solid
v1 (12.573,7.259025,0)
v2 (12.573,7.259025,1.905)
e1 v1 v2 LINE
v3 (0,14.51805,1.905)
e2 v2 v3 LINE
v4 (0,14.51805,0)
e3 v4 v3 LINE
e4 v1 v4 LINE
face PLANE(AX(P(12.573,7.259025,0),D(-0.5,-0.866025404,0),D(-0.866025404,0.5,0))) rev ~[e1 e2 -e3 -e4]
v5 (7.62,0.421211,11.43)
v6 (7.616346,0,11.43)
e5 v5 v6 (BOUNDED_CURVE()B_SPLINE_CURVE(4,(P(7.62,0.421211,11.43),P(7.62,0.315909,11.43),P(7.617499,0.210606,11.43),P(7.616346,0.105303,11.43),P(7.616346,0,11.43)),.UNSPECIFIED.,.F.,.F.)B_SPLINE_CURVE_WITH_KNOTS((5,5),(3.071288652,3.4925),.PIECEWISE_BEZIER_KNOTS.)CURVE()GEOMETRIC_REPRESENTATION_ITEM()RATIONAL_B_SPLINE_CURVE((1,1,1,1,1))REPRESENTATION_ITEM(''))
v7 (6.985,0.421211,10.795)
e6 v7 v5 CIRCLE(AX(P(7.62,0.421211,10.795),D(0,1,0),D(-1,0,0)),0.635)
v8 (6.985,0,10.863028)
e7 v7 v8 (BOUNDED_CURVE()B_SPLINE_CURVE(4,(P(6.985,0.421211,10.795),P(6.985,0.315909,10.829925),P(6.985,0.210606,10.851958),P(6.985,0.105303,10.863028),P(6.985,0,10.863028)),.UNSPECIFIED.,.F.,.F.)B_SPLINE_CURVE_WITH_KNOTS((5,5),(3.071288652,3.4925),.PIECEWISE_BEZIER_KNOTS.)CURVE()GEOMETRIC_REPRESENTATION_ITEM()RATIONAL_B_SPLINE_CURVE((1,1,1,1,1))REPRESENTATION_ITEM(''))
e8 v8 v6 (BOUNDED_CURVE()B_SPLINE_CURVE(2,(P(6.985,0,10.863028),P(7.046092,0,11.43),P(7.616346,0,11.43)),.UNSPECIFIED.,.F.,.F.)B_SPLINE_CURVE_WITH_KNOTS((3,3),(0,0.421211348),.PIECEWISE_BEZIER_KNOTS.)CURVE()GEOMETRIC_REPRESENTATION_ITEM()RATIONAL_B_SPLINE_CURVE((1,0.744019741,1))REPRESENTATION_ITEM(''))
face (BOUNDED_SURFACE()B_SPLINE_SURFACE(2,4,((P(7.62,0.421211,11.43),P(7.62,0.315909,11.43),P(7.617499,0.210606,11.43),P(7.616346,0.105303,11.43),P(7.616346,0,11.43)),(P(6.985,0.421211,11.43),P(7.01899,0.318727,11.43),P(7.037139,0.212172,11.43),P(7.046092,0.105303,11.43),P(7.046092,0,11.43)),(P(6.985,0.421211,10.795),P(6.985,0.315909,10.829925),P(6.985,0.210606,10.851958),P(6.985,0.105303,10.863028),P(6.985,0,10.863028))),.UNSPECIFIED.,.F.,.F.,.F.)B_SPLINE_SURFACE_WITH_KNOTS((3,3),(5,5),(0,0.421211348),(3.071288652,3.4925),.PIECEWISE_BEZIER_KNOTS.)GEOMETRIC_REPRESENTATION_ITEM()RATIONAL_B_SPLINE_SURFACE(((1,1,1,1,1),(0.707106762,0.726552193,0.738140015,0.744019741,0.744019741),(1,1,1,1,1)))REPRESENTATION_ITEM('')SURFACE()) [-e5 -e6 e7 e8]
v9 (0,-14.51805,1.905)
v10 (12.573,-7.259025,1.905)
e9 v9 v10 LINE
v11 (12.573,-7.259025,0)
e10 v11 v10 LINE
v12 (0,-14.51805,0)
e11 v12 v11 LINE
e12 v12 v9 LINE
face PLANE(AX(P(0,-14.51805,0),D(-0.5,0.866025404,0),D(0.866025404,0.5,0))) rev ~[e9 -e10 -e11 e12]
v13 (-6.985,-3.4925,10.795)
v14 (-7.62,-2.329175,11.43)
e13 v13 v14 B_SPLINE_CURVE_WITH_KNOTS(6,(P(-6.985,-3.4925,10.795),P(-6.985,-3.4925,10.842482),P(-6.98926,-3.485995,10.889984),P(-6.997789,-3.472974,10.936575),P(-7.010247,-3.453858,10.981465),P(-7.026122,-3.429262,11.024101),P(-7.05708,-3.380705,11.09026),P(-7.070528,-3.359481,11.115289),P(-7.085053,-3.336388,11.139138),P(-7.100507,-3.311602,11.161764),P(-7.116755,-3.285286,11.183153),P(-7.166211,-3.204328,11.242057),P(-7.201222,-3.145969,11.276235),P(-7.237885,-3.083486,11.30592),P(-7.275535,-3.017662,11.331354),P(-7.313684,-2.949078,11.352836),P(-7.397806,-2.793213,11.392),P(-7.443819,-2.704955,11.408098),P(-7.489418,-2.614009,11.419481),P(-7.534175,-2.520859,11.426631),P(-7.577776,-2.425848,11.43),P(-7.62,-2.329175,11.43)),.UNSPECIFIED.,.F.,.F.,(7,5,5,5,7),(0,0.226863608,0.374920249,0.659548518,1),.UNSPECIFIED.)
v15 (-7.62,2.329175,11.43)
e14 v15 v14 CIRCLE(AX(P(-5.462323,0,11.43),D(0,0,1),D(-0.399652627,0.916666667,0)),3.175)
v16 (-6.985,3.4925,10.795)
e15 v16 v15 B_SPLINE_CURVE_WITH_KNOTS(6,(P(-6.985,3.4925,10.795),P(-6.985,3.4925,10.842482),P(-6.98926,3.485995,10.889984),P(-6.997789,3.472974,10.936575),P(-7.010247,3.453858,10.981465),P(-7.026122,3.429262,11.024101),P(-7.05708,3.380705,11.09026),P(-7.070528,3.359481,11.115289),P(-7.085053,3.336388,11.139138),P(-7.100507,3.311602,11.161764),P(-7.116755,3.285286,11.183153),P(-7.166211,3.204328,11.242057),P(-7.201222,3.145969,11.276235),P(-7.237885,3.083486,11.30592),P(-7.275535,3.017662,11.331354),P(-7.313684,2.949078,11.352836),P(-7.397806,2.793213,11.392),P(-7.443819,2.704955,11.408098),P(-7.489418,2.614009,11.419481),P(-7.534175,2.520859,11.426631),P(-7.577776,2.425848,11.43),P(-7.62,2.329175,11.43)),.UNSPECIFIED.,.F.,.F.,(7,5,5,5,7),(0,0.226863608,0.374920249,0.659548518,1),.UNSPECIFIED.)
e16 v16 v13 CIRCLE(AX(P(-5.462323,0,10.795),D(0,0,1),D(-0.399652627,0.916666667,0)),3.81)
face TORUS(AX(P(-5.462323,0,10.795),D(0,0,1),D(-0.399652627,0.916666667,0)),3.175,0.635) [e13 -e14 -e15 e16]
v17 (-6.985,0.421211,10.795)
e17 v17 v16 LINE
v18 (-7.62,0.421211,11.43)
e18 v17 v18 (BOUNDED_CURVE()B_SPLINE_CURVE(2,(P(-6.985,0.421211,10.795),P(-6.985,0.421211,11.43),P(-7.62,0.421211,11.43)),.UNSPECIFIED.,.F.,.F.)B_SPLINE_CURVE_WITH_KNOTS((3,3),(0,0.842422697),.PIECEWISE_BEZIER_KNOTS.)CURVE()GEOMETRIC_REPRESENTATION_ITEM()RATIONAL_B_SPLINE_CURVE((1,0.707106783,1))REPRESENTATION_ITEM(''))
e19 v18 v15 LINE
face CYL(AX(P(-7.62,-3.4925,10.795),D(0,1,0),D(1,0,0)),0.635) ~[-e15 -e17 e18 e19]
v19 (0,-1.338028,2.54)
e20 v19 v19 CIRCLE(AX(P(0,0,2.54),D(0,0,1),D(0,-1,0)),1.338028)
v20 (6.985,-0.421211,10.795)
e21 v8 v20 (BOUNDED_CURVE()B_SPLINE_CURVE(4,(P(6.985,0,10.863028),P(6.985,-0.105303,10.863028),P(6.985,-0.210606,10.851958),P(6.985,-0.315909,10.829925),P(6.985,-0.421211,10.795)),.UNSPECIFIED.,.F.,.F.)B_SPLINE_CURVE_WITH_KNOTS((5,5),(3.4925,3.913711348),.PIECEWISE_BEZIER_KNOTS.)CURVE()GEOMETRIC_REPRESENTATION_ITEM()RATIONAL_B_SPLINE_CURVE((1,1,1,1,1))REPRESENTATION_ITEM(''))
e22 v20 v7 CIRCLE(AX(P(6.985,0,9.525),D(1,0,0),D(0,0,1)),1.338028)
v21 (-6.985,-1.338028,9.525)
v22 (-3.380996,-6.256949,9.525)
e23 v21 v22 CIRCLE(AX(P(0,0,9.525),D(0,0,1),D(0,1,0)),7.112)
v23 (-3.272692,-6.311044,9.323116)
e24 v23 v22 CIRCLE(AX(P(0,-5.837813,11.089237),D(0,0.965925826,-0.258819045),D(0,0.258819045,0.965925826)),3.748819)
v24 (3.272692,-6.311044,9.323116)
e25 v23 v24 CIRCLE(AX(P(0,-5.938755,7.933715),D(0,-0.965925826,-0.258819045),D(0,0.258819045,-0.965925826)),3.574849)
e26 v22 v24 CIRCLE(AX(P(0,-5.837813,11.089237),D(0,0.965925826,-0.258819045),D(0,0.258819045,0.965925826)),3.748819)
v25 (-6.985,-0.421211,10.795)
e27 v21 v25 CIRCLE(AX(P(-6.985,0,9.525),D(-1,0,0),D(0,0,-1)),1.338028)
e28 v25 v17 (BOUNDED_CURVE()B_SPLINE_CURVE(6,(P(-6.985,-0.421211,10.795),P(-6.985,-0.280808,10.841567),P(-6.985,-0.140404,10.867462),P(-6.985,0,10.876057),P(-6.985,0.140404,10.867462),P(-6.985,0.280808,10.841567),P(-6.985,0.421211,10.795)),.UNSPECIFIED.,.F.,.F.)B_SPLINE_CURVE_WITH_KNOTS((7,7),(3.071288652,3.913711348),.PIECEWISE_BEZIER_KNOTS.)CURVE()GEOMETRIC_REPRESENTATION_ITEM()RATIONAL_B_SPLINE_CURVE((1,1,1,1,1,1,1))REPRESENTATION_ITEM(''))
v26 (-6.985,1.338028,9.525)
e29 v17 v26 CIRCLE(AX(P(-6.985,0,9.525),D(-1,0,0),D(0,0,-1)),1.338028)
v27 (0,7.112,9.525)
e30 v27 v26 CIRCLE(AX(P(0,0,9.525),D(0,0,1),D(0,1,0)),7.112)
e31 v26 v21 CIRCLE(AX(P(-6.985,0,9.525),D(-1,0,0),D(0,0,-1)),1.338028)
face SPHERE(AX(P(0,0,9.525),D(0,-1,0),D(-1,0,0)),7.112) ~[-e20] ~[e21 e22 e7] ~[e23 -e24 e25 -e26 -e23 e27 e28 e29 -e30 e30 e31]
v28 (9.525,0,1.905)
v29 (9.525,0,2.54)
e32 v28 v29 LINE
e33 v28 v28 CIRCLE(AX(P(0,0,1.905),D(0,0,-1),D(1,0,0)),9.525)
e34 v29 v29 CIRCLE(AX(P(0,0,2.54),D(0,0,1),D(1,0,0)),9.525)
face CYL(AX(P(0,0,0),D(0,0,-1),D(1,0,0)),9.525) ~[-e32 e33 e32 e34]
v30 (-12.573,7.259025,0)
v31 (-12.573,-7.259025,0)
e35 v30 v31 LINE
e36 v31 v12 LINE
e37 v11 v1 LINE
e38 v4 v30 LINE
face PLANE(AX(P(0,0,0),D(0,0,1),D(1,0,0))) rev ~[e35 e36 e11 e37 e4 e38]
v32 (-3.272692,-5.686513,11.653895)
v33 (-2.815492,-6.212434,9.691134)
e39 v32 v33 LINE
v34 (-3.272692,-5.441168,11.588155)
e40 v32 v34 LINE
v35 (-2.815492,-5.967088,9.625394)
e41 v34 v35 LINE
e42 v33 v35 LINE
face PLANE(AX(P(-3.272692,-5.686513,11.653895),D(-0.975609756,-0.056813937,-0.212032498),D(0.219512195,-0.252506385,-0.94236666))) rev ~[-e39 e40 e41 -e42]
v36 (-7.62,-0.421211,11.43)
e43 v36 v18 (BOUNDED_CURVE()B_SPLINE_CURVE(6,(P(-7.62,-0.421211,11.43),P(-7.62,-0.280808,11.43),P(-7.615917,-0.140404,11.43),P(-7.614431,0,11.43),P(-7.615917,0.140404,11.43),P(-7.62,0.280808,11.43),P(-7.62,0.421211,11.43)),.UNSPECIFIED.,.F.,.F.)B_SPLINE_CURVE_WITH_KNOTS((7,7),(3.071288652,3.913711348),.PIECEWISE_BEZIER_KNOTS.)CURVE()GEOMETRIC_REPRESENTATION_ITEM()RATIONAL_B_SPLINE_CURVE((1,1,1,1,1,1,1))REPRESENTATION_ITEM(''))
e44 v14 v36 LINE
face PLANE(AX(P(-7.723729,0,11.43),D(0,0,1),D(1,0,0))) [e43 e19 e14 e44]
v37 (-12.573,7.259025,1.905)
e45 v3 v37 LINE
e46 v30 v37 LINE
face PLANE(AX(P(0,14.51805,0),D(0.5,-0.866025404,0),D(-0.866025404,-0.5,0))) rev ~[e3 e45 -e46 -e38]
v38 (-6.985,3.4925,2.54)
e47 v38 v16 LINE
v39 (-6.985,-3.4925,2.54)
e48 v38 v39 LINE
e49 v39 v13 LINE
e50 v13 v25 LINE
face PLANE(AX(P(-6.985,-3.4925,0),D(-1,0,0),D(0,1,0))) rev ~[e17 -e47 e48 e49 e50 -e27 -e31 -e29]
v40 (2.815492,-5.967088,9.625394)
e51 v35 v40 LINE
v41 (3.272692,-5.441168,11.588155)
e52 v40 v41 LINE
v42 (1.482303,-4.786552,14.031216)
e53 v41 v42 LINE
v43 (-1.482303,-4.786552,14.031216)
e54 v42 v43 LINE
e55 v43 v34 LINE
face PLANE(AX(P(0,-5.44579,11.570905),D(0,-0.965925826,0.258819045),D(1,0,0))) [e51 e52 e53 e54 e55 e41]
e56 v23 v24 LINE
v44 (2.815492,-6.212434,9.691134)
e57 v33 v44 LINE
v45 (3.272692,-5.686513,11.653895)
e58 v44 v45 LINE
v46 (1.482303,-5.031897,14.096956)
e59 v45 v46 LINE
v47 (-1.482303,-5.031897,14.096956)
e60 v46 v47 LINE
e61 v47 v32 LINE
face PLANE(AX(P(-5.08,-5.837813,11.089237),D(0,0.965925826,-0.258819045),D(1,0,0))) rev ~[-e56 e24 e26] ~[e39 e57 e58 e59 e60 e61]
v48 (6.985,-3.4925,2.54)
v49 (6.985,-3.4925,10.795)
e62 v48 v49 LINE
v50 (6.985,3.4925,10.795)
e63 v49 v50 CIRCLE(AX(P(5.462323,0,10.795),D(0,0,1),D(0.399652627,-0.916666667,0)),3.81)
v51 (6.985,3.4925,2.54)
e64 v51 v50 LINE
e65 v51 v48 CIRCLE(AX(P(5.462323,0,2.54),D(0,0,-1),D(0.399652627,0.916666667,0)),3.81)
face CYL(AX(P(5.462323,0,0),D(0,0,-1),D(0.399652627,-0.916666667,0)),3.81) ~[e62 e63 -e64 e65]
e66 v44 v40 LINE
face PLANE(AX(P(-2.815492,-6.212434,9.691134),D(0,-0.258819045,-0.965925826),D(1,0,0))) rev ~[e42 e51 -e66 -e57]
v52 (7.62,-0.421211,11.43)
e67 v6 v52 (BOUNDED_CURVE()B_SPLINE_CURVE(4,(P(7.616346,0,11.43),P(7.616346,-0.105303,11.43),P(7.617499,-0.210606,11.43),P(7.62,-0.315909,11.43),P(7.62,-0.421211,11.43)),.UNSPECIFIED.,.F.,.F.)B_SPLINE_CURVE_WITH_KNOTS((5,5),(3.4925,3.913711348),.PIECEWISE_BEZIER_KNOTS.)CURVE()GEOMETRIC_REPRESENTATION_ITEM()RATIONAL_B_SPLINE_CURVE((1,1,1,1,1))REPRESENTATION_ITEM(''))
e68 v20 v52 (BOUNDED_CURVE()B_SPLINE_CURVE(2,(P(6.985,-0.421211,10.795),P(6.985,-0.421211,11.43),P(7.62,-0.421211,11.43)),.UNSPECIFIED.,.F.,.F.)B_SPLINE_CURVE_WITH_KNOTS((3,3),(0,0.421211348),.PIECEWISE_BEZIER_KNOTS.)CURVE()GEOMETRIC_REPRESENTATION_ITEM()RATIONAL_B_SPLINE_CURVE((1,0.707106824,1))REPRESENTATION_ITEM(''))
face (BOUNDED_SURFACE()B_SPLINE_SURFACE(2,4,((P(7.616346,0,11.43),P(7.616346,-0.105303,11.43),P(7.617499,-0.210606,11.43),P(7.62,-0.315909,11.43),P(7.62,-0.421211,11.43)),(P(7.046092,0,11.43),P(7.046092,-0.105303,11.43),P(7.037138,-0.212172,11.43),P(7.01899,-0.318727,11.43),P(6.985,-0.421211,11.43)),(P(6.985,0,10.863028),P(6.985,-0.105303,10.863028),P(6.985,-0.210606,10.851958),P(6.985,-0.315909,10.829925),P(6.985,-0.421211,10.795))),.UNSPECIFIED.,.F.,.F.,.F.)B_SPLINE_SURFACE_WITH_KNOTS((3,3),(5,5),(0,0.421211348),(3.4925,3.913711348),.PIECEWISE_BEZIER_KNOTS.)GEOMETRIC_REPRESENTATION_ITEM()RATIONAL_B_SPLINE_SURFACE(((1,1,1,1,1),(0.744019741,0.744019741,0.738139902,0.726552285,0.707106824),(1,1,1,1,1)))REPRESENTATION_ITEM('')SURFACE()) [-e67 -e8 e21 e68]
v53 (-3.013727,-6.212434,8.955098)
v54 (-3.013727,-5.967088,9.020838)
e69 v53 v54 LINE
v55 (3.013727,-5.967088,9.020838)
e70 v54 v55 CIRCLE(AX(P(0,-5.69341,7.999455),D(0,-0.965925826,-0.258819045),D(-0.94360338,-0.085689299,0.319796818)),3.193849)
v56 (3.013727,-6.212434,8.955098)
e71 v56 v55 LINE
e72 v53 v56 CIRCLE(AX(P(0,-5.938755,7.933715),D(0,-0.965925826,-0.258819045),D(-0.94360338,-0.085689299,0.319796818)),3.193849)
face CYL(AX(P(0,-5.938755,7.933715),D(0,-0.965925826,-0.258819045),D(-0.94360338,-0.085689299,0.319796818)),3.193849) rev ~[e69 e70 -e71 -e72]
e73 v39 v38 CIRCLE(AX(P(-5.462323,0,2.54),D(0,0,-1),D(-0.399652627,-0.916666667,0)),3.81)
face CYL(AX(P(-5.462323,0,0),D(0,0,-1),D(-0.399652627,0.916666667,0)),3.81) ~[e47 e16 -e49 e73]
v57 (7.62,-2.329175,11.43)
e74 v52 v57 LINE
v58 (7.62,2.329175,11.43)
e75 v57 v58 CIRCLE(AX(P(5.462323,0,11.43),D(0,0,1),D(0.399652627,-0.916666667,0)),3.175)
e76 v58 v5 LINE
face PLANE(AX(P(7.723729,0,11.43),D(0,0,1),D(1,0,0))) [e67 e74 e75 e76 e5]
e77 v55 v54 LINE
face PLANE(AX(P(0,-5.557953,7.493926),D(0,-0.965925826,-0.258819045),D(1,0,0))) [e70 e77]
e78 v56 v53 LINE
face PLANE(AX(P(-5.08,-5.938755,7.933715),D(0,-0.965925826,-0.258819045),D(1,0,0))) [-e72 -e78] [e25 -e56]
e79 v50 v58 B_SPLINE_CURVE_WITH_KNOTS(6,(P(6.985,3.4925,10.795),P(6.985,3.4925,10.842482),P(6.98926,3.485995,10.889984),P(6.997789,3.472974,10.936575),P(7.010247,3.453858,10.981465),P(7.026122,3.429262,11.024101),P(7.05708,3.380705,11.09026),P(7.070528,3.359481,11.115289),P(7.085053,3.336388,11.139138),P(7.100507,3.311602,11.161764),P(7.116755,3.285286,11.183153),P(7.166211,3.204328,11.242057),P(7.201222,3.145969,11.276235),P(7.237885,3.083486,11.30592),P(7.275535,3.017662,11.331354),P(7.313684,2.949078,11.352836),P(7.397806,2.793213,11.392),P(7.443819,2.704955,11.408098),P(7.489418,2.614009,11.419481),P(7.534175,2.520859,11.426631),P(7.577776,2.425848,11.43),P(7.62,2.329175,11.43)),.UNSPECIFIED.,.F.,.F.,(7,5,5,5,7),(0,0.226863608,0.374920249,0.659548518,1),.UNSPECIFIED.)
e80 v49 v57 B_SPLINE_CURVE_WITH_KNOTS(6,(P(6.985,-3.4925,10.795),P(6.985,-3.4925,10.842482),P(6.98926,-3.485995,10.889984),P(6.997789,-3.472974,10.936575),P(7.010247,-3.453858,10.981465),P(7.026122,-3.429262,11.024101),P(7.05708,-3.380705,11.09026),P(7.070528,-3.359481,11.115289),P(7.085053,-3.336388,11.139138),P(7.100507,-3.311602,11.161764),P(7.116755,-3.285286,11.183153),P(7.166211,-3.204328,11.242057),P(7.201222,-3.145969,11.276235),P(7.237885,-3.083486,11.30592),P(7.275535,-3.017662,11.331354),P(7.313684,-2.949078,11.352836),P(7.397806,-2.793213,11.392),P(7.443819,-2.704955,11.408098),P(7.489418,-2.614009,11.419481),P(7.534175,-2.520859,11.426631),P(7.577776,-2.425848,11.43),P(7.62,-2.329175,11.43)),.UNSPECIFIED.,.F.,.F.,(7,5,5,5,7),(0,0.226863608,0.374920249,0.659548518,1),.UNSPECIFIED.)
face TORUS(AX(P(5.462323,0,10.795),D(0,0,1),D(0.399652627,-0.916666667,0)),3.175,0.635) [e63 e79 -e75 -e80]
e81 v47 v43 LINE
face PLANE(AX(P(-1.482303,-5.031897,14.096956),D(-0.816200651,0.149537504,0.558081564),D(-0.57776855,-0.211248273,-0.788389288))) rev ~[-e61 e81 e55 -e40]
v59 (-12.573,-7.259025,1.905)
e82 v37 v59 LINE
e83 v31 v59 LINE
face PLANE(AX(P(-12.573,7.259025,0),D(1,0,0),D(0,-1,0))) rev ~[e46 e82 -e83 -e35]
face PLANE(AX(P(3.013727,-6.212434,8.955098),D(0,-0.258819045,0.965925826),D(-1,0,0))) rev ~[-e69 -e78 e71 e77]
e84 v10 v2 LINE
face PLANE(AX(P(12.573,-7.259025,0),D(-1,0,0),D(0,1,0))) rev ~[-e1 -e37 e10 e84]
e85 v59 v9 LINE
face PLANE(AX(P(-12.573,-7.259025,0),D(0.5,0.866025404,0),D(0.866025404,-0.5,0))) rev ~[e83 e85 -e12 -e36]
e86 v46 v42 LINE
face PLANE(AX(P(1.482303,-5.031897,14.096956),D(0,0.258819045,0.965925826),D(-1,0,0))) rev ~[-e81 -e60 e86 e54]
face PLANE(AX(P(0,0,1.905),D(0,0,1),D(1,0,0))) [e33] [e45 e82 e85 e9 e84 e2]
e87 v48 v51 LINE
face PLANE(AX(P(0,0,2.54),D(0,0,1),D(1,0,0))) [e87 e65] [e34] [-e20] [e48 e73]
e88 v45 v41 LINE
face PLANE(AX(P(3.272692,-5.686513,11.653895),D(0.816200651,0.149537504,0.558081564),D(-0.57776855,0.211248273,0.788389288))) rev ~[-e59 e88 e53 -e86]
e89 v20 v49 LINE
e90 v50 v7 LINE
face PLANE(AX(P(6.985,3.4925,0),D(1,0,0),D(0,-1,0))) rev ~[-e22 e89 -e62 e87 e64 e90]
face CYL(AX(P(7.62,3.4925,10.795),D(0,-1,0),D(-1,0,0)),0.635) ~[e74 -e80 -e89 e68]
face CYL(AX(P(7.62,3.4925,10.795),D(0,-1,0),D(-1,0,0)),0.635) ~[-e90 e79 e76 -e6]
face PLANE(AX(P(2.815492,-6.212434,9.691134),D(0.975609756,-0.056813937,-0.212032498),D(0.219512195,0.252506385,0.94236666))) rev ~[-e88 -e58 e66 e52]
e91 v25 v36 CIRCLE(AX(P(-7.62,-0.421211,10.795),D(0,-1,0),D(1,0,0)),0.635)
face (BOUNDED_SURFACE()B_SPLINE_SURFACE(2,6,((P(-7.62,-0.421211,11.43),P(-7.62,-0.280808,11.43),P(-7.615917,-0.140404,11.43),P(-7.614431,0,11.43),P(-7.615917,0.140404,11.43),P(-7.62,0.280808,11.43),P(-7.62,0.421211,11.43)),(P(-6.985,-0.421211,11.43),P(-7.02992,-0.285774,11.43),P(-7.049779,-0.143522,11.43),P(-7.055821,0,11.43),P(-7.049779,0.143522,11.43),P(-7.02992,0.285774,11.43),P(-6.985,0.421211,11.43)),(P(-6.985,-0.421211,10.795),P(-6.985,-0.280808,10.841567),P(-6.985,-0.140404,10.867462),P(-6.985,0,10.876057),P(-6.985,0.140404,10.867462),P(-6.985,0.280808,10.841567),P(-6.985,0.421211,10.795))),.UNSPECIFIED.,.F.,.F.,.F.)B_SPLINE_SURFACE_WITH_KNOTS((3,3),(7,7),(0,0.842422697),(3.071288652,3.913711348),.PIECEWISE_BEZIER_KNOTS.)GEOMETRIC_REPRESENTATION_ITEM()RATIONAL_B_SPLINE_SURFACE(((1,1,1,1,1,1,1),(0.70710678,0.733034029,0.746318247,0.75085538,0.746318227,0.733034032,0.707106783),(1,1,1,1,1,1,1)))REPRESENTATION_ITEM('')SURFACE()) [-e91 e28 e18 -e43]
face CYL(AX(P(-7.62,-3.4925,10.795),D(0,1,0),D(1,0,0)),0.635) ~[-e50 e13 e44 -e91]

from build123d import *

# Parameters (mm, degrees)
F0_R      = 9.525
F1_DEPTH  = 1.905
F2_DEPTH  = 11.43
F6_R      = 0.635
F7_DEPTH  = 2.54
F10_W     = 10.16
F10_H     = 1.27
F11_DEPTH = 3.81
F12_W     = 10.16
F12_H     = 1.905
F13_DEPTH = 3.81
F15_DEPTH = 0.254
F17_DEPTH = 0.254


with BuildPart() as f1:
    # F0 (on Top) → F1 (new body)
    with BuildSketch(Plane.XY):
        Polygon((12.573, 7.2590249345), (0, 14.518049869), (-12.573, 7.2590249345), (-12.573, -7.2590249345), (0, -14.518049869), (12.573, -7.2590249345), align=None)
        Circle(F0_R, mode=Mode.SUBTRACT)
        Circle(F0_R)
        with BuildLine():
            ThreePointArc((-6.985, -3.4925), (-9.2723234913, 0), (-6.985, 3.4925))
            Line((-6.985, 3.4925), (-6.985, -3.4925))
        make_face(mode=Mode.SUBTRACT)
        with BuildLine():
            Line((6.985, -3.4925), (6.985, 3.4925))
            ThreePointArc((6.985, 3.4925), (9.2723234913, 0), (6.985, -3.4925))
        make_face(mode=Mode.SUBTRACT)
    extrude(amount=F1_DEPTH)

    # F0 (on Top) → F2 (join)
    with BuildSketch(Plane.XY):
        with BuildLine():
            Line((-6.985, -3.4925), (-6.985, 3.4925))
            ThreePointArc((-6.985, 3.4925), (-9.2723234913, 0), (-6.985, -3.4925))
        make_face()
        with BuildLine():
            ThreePointArc((6.985, -3.4925), (9.2723234913, 0), (6.985, 3.4925))
            Line((6.985, 3.4925), (6.985, -3.4925))
        make_face()
    extrude(amount=F2_DEPTH)

    # F4 (on offset) → F5 (revolve)
    with BuildSketch(Plane.XY.offset(9.525)):
        with BuildLine():
            ThreePointArc((0, 7.112), (-7.112, 0), (0, -7.112))
            Line((0, -7.112), (0, 7.112))
        make_face()
    revolve(axis=Axis((0, 0, 9.525), (0, 1, 0)))

    # F6
    f6_edges = [f1.edges().sort_by_distance(p)[0] for p in [
        (-6.985, 0, 11.43),
        (-9.272323, 0, 11.43),
        (6.985, 0, 11.43),
        (9.272323, 0, 11.43),
    ]]
    fillet(f6_edges, radius=F6_R)

    # F0 (on Top) → F7 (join)
    with BuildSketch(Plane.XY):
        Circle(F0_R)
        with BuildLine():
            ThreePointArc((-6.985, -3.4925), (-9.2723234913, 0), (-6.985, 3.4925))
            Line((-6.985, 3.4925), (-6.985, -3.4925))
        make_face(mode=Mode.SUBTRACT)
        with BuildLine():
            Line((6.985, -3.4925), (6.985, 3.4925))
            ThreePointArc((6.985, 3.4925), (9.2723234913, 0), (6.985, -3.4925))
        make_face(mode=Mode.SUBTRACT)
    extrude(amount=F7_DEPTH)

    # F10 (on line) → F11 (cut, symmetric)
    with BuildSketch(Plane(origin=(0, -2.38125, 8.8869459855), x_dir=(1, 0, 0), z_dir=(0, -0.2588190451, 0.9659258263))):
        with Locations((0, -4.318)):
            Rectangle(F10_W, F10_H)
    extrude(amount=F11_DEPTH, both=True, mode=Mode.SUBTRACT)

    # F12 (on line) → F13 (cut, symmetric)
    with BuildSketch(Plane(origin=(0, 2.38125, 8.8869459855), x_dir=(1, 0, 0), z_dir=(0, -0.2588190451, -0.9659258263))):
        with Locations((0, 9.4615)):
            Rectangle(F12_W, F12_H)
    extrude(amount=F13_DEPTH, both=True, mode=Mode.SUBTRACT)

    # F14 (on face) → F15 (cut)
    with BuildSketch(Plane(origin=(0, -3.5575048182, -0.9532305431), x_dir=(1, 0, 0), z_dir=(0, -0.9659258263, -0.2588190451))):
        with BuildLine():
            Line((3.0137271476, 10.2578568757), (-3.0137271476, 10.2578568757))
            ThreePointArc((-3.0137271476, 10.2578568757), (0, 6.0065940348), (3.0137271476, 10.2578568757))
        make_face()
    extrude(amount=-F15_DEPTH, mode=Mode.SUBTRACT)

    # F16 (on face) → F17 (cut)
    with BuildSketch(Plane(origin=(0, -8.2190628559, 2.2022912548), x_dir=(1, 0, 0), z_dir=(0, -0.9659258263, 0.2588190451))):
        Polygon((-3.2726924104, 9.7850203216), (-2.8154924104, 7.7530203216), (2.8154924104, 7.7530203216), (3.2726924104, 9.7850203216), (1.482303227, 12.3142628983), (-1.482303227, 12.3142628983), align=None)
    extrude(amount=-F17_DEPTH, mode=Mode.SUBTRACT)


solid = f1.part
